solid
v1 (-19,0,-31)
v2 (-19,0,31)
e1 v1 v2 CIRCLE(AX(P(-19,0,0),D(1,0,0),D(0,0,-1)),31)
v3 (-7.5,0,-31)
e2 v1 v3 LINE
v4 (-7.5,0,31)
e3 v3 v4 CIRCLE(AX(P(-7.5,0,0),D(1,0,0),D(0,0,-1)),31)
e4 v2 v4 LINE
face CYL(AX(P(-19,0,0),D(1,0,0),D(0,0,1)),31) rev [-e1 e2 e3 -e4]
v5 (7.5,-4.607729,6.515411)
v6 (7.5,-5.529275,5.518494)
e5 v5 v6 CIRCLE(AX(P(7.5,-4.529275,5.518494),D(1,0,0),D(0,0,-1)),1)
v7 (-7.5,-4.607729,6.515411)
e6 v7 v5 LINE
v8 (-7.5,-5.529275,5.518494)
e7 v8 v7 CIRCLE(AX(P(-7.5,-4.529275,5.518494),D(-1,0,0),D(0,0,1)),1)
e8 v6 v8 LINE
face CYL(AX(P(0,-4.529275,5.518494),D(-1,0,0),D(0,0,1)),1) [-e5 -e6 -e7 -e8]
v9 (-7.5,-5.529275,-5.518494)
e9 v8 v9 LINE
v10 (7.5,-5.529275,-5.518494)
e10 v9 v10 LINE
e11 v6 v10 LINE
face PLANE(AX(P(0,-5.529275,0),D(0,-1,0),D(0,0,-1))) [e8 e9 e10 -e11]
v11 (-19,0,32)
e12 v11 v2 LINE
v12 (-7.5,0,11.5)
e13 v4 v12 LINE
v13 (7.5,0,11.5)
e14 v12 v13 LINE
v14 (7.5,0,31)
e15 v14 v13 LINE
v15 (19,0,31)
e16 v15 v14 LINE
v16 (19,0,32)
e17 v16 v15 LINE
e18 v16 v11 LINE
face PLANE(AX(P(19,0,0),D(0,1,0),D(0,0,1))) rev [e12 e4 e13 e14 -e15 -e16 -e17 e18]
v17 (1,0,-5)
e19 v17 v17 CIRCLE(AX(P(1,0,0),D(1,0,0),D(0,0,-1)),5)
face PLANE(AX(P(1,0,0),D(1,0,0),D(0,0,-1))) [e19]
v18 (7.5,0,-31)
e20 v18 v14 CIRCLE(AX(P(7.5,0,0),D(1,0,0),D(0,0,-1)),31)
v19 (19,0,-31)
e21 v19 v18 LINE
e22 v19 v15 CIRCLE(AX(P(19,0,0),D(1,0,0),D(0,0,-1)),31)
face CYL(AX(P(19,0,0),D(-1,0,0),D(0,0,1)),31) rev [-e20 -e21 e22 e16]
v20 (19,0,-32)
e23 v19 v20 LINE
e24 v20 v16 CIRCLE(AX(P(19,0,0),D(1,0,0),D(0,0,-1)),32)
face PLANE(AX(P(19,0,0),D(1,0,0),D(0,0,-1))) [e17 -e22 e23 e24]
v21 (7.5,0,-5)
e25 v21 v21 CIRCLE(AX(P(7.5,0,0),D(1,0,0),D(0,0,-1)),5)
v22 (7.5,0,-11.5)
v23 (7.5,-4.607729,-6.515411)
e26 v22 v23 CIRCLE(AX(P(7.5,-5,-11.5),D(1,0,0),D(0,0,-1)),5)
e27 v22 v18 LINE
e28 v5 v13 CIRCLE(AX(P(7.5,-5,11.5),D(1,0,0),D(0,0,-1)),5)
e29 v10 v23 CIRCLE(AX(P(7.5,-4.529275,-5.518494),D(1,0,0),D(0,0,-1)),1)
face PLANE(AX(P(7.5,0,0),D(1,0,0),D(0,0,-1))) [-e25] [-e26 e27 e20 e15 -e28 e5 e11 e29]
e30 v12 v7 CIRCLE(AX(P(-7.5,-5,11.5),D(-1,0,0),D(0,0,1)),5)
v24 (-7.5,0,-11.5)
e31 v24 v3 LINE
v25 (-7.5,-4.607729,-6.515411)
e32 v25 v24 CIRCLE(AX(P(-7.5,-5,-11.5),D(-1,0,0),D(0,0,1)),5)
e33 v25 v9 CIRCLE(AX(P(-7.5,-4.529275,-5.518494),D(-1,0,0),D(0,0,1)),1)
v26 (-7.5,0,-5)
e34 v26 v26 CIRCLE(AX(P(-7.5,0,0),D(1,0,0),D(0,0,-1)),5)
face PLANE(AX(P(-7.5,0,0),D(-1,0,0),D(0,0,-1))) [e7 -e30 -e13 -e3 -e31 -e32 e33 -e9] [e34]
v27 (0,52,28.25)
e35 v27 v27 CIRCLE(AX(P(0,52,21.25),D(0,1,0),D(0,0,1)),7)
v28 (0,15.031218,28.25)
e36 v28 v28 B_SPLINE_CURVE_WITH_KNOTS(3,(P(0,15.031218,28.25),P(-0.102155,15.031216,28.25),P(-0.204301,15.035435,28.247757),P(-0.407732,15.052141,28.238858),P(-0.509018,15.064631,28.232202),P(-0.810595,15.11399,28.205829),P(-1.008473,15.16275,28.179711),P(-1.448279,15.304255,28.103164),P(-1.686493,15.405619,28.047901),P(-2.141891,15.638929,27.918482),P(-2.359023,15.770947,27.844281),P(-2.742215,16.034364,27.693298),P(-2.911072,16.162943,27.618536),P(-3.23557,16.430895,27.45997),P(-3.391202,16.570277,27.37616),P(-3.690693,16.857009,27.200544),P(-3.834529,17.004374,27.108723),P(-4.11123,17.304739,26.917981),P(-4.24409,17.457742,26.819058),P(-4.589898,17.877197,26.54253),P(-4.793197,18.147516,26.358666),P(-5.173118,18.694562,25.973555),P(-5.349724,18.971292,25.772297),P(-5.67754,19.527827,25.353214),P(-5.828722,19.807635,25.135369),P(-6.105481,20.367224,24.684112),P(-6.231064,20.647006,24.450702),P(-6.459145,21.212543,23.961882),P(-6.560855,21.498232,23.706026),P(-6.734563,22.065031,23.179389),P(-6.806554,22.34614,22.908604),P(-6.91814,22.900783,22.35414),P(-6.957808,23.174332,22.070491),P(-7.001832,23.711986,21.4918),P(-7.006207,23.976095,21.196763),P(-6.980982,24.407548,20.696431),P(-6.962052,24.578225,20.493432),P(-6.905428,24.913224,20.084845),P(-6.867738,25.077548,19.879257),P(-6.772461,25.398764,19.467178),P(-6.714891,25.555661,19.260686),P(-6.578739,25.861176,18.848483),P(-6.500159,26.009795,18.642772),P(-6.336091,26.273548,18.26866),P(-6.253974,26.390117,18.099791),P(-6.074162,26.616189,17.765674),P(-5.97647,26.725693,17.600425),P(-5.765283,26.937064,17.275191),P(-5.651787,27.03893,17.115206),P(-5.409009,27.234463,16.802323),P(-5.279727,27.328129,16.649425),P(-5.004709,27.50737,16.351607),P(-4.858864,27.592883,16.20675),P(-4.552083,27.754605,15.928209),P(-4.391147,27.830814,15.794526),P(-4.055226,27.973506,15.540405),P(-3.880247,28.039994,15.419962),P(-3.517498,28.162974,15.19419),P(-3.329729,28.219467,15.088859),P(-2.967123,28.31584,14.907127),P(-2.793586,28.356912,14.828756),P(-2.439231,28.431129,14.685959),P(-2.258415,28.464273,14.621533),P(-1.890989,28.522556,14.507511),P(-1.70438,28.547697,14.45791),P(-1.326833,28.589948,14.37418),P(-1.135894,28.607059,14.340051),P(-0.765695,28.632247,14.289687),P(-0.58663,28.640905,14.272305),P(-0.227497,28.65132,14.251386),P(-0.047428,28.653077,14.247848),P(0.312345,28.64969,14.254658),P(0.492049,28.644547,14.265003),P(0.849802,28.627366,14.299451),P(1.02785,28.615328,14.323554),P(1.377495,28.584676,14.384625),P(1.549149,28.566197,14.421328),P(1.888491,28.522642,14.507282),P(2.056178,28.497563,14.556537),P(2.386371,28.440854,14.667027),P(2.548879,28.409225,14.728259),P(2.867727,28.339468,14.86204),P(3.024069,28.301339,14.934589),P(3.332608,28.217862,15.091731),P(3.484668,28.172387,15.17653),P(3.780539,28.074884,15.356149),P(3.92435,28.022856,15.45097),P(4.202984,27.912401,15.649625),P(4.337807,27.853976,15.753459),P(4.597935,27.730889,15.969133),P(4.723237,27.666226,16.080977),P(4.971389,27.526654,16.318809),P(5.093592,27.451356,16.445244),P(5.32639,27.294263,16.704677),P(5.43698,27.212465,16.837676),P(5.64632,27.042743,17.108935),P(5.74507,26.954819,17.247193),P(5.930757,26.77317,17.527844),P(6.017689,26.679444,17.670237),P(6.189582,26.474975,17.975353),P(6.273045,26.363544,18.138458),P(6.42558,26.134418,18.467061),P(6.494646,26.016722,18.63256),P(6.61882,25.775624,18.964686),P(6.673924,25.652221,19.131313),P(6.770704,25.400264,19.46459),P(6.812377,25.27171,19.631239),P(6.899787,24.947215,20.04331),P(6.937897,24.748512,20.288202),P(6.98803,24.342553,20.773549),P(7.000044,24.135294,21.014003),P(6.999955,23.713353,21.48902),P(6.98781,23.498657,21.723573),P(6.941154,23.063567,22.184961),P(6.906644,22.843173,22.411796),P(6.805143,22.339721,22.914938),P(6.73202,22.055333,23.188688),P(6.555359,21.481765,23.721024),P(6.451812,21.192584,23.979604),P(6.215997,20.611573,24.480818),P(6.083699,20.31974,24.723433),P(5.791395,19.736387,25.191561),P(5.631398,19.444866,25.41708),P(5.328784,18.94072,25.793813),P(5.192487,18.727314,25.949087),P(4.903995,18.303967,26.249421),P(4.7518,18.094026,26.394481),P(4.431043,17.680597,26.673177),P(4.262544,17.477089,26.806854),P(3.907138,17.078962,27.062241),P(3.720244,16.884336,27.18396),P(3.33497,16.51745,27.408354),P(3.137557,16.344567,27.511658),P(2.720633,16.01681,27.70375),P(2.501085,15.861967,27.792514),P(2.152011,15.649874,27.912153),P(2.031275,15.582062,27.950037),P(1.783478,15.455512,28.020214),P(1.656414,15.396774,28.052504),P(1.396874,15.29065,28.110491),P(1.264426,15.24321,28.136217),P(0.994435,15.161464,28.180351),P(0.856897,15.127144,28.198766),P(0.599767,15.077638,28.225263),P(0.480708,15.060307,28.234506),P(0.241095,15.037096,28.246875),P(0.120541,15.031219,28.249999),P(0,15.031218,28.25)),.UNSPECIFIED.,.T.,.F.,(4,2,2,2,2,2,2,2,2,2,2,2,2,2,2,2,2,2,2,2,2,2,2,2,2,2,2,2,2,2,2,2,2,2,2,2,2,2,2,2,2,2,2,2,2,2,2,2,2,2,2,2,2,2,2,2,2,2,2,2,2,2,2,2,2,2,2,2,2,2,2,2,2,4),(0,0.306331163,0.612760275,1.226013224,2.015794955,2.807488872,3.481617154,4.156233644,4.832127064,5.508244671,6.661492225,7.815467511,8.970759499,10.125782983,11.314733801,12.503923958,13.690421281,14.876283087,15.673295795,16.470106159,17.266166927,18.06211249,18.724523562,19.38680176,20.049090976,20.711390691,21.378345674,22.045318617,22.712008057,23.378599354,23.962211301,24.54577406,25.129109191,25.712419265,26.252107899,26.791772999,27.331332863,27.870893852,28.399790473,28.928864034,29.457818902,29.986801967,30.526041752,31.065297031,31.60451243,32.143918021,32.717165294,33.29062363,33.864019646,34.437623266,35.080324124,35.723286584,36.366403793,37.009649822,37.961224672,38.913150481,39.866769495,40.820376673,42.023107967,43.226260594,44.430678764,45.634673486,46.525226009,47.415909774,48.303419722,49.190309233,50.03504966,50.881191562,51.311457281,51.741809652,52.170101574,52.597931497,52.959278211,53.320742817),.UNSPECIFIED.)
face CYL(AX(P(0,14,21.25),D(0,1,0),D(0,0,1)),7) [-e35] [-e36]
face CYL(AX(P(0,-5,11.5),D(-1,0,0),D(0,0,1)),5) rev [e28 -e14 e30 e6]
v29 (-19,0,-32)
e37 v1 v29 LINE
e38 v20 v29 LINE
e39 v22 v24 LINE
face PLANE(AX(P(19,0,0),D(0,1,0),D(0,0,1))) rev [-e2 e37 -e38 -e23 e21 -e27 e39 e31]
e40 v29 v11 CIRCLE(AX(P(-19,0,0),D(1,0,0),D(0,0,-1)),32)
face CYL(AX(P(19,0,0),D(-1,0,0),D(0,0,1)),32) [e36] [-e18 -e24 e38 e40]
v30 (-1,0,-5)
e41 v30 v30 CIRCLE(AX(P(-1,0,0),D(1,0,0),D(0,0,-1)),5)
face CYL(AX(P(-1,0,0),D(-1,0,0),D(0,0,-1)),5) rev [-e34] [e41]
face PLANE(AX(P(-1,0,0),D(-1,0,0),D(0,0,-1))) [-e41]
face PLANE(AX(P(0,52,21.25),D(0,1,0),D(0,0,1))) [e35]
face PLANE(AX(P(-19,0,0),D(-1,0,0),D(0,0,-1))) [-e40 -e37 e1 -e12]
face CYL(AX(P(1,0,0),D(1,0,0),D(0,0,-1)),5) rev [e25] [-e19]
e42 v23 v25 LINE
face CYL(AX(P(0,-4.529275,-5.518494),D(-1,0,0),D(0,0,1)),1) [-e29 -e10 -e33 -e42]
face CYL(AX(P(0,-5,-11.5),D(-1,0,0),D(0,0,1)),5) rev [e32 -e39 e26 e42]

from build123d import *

# Parameters (mm, degrees)
BOSS_EXTRUDE1_DEPTH      = 19
BOSS_EXTRUDE2_DEPTH      = 7.5
SKETCH2_W                = 13
SKETCH2_H                = 5.529275222
BOSS_EXTRUDE3_DEPTH      = 7.5
SKETCH2_3_R              = 5
CUT_EXTRUDE1_DEPTH       = 6.5
FILLET2_R                = 5
FILLET3_R                = 5
FILLET4_R                = 1
BOSS_EXTRUDE4_DEPTH      = 20
BOSS_EXTRUDE4_DEPTH_BACK = 18
SKETCH3_R                = 7


with BuildPart() as part:
    # Sketch1 → Boss-Extrude1 (new body)
    with BuildSketch(Plane(origin=(0, 0, 0), x_dir=(0, 0, -1), z_dir=(1, 0, 0))):
        with BuildLine():
            ThreePointArc((32, 0), (0, 32), (-32, 0))
            Line((-32, 0), (-31, 0))
            ThreePointArc((-31, 0), (0, 31), (31, 0))
            Line((31, 0), (32, 0))
        make_face()
    extrude(amount=BOSS_EXTRUDE1_DEPTH)

    # Sketch1<3> → Boss-Extrude2 (add)
    with BuildSketch(Plane(origin=(0, 0, 0), x_dir=(0, 0, -1), z_dir=(1, 0, 0))):
        with BuildLine():
            ThreePointArc((31, 0), (0, 31), (-31, 0))
            Line((-31, 0), (31, 0))
        make_face()
    extrude(amount=BOSS_EXTRUDE2_DEPTH)

    # Sketch2 → Boss-Extrude3 (add)
    with BuildSketch(Plane(origin=(7.5, 0, 0), x_dir=(0, 0, -1), z_dir=(1, 0, 0))):
        with Locations((0, -2.764637611)):
            Rectangle(SKETCH2_W, SKETCH2_H)
    extrude(amount=-BOSS_EXTRUDE3_DEPTH)

    # Sketch2<3> → Cut-Extrude1 (cut)
    with BuildSketch(Plane(origin=(7.5, 0, 0), x_dir=(0, 0, -1), z_dir=(1, 0, 0))):
        Circle(SKETCH2_3_R)
    extrude(amount=-CUT_EXTRUDE1_DEPTH, mode=Mode.SUBTRACT)

    # Mirror2: part across plane


with BuildPart() as part_1:
    add(part.part)
    add(part.part.mirror(Plane(origin=(0, 0, 0), x_dir=(0, 0, 1), z_dir=(1, 0, 0))))

    # Fillet2
    fillet2_edges = [part_1.edges().sort_by_distance(p)[0] for p in [
        (0, 0, -6.5),
    ]]
    fillet(fillet2_edges, radius=FILLET2_R)

    # Fillet3
    fillet3_edges = [part_1.edges().sort_by_distance(p)[0] for p in [
        (0, 0, 6.5),
    ]]
    fillet(fillet3_edges, radius=FILLET3_R)

    # Fillet4
    fillet4_edges = [part_1.edges().sort_by_distance(p)[0] for p in [
        (0, -5.529275222, 6.5),
        (0, -5.529275222, -6.5),
    ]]
    fillet(fillet4_edges, radius=FILLET4_R)

    # Sketch3 → Boss-Extrude4 (add, two sides: drawn at the far end of the back side and taken through both)
    with BuildSketch(Plane(origin=(0, 32, 0), x_dir=(1, 0, 0), z_dir=(0, 1, 0)).offset(-BOSS_EXTRUDE4_DEPTH_BACK)):
        with Locations((0, -21.25)):
            Circle(SKETCH3_R)
    extrude(amount=BOSS_EXTRUDE4_DEPTH + BOSS_EXTRUDE4_DEPTH_BACK)


solid = part_1.part
